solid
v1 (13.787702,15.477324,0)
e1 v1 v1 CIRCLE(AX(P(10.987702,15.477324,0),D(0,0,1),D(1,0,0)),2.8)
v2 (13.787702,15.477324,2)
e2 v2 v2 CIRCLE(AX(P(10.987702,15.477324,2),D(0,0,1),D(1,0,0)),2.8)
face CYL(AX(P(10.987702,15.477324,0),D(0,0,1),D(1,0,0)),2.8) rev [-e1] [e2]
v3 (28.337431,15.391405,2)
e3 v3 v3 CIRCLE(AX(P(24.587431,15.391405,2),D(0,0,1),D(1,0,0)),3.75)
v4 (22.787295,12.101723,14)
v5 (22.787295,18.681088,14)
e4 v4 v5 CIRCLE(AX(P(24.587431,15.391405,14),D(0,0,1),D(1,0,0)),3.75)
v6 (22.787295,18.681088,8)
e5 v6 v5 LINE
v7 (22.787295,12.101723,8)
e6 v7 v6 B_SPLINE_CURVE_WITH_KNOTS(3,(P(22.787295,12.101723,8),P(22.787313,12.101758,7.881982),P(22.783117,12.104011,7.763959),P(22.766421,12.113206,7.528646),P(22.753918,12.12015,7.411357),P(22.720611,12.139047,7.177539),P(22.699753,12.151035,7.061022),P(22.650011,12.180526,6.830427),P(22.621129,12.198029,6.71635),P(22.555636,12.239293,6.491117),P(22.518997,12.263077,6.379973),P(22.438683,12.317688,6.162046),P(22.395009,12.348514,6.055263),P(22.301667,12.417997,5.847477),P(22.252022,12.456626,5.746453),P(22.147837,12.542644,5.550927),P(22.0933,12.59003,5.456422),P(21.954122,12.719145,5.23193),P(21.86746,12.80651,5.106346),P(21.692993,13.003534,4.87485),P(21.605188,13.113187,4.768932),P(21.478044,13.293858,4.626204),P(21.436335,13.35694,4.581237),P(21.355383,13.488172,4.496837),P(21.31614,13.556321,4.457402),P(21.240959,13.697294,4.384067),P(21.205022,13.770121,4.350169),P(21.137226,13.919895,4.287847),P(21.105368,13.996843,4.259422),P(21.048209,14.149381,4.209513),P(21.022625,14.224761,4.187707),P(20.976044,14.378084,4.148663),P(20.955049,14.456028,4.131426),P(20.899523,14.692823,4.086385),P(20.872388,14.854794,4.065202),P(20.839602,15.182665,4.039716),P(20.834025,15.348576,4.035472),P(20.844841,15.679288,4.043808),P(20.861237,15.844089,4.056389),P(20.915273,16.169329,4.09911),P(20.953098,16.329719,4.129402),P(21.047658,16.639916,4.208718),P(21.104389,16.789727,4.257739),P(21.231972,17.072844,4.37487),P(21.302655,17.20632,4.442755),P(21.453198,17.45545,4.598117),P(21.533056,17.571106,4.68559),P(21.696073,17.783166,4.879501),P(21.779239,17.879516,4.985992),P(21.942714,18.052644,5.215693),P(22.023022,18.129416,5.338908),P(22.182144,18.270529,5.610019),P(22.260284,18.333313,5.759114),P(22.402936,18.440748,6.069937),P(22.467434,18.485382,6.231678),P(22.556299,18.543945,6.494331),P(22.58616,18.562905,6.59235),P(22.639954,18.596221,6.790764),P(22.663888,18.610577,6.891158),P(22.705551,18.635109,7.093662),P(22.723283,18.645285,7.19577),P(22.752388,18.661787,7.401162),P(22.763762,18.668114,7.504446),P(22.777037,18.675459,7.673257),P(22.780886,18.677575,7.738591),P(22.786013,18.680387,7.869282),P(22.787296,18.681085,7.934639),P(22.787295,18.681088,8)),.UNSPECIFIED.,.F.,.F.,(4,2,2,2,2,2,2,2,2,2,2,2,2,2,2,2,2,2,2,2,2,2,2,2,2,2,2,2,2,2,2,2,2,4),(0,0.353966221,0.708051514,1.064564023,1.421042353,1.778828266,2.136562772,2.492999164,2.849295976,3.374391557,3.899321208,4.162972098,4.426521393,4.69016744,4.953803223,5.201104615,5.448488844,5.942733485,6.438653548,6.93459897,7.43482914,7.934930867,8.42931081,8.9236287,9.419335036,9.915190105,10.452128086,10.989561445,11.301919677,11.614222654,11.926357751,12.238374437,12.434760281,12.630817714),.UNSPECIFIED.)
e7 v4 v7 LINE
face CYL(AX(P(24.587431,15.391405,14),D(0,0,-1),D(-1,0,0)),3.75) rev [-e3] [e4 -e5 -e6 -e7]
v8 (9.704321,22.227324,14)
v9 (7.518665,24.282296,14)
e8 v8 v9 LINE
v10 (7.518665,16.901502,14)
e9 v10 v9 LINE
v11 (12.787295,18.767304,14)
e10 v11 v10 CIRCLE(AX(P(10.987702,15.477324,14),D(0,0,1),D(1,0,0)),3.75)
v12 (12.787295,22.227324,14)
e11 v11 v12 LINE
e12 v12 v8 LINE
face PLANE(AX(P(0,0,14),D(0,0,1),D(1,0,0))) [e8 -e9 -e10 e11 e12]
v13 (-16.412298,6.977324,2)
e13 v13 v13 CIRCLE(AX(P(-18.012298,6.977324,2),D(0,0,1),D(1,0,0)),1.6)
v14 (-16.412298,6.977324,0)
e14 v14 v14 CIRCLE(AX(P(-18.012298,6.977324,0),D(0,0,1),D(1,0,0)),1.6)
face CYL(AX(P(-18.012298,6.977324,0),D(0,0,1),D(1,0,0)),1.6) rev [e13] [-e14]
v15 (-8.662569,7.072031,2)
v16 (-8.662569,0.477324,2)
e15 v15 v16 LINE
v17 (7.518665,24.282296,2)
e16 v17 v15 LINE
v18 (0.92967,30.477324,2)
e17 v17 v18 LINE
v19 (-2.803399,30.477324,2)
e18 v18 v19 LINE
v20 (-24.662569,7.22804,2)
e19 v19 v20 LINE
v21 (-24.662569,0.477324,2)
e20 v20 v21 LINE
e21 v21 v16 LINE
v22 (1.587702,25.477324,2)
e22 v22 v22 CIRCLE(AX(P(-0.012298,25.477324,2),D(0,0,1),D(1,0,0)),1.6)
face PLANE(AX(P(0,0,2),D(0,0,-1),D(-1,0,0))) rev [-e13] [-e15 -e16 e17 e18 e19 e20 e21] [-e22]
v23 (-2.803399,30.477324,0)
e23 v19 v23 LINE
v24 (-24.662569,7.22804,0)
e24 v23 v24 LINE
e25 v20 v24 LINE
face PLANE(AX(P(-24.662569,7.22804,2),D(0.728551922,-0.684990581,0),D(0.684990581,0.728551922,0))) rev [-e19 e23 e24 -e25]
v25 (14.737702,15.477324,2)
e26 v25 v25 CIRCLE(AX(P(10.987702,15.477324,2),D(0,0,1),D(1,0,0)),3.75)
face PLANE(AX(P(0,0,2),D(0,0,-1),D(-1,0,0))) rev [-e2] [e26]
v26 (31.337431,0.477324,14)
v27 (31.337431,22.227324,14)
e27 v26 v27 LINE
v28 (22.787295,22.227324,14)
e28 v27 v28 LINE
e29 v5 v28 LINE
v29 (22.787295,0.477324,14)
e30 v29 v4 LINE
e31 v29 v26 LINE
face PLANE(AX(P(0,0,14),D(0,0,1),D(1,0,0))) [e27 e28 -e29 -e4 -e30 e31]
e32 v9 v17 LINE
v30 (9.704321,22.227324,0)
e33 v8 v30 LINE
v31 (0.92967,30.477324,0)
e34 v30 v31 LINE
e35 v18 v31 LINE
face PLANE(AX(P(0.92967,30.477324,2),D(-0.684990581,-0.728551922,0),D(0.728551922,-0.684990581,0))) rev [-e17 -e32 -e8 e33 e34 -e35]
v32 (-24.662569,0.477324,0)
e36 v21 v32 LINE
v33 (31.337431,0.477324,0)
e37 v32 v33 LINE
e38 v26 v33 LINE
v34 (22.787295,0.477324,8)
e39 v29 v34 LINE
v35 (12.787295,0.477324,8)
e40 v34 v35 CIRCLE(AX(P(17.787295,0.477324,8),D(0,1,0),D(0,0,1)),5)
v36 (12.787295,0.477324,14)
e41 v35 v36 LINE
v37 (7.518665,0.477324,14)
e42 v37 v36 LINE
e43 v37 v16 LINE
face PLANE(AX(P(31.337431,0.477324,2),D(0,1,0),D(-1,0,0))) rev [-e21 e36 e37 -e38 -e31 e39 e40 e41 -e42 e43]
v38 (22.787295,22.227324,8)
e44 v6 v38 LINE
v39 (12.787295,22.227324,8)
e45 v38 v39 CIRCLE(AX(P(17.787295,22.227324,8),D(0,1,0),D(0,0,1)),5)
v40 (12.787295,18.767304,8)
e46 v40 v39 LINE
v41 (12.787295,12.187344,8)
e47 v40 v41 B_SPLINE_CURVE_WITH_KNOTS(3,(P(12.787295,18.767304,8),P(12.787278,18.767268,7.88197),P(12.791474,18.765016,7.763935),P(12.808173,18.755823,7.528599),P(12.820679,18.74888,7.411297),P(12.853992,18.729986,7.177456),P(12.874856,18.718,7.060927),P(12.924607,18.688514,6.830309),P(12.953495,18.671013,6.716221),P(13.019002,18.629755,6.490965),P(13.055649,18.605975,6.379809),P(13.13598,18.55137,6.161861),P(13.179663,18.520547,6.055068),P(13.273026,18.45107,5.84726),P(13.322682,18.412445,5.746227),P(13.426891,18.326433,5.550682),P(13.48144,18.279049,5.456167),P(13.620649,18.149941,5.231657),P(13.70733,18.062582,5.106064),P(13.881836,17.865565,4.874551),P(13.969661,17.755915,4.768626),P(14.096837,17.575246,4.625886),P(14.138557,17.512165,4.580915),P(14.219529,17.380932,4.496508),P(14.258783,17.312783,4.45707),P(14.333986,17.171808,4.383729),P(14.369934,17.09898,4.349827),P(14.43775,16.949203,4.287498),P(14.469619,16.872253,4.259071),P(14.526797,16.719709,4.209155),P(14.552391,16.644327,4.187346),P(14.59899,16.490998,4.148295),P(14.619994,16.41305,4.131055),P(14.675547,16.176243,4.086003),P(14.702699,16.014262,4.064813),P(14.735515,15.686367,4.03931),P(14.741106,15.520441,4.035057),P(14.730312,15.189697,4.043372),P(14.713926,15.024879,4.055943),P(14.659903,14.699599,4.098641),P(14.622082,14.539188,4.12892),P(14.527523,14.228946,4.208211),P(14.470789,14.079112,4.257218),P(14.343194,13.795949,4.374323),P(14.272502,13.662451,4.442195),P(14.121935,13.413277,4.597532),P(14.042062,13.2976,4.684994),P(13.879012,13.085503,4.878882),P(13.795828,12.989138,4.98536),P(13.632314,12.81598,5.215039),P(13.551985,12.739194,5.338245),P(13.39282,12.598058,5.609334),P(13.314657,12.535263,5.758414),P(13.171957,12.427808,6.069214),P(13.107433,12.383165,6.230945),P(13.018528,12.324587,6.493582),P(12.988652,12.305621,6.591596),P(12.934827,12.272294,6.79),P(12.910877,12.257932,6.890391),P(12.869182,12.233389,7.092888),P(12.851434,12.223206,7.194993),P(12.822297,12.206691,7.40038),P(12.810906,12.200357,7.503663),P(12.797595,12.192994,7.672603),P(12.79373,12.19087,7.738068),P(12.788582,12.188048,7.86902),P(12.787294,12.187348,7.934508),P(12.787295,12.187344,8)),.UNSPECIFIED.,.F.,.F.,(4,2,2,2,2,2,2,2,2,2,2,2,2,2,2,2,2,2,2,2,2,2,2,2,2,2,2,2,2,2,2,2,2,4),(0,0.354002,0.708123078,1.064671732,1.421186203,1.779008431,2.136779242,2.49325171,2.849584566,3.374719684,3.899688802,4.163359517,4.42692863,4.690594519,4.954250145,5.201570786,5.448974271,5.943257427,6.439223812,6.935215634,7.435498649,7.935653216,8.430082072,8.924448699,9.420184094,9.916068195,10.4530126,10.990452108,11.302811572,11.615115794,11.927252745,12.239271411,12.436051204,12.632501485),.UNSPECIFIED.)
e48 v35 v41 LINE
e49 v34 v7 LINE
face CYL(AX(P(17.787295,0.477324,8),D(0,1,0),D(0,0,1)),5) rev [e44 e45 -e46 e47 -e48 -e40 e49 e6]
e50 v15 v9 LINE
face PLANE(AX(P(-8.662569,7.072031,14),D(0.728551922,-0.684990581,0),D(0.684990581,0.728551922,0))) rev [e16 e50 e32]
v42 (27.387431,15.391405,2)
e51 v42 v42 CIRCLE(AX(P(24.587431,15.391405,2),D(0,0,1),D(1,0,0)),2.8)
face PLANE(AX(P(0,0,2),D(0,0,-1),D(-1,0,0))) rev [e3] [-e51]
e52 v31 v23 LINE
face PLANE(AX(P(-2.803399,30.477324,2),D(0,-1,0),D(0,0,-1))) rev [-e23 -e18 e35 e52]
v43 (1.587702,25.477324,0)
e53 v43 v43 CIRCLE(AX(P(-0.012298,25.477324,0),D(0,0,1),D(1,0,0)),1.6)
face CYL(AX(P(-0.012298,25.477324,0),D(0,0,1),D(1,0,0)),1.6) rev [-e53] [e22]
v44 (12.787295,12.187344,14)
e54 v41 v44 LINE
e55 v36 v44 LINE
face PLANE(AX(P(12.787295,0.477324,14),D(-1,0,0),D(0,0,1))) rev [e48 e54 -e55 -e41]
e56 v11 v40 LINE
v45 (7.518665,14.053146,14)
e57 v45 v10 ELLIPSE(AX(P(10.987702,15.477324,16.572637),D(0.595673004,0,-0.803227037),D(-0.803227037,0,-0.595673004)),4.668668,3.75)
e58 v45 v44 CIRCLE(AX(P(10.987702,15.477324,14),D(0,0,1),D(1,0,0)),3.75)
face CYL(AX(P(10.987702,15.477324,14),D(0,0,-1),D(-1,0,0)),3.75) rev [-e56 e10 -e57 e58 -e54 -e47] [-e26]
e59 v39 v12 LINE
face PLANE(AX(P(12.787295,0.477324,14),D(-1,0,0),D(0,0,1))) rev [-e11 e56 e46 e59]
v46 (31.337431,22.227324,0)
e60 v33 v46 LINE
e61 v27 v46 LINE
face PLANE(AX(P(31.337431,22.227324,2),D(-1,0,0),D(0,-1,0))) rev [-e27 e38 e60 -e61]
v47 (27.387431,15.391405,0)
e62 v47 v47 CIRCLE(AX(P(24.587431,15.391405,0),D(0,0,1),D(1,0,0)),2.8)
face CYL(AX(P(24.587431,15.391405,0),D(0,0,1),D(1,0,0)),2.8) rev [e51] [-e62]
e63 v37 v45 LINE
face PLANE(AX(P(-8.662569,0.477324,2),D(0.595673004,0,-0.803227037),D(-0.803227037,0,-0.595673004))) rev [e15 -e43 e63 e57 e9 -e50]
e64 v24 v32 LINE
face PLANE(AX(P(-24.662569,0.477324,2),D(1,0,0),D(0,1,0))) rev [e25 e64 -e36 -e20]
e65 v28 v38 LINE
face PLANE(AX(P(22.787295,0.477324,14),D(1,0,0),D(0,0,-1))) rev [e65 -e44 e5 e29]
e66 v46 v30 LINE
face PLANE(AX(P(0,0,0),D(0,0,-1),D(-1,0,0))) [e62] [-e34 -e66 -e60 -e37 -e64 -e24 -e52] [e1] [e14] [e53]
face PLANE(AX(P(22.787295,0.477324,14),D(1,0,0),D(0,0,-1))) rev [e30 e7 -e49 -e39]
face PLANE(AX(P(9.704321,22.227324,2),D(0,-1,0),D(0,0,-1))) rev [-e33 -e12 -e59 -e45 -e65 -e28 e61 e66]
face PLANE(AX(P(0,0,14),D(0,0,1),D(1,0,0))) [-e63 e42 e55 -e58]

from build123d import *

# Parameters (mm, degrees)
BOSS_EXTRUDE1_DEPTH     = 2
SKETCH3_R               = 1.6
SKETCH3_R_2             = 2.8
CUT_EXTRUDE1_DEPTH      = 2
SKETCH5_R               = 3.75
BOSS_EXTRUDE2_DEPTH     = 12
CUT_EXTRUDE2_DEPTH      = 41.633693803
CUT_EXTRUDE3_DEPTH      = 41.633693891
CUT_EXTRUDE3_DEPTH_BACK = 41.633693891


with BuildPart() as part:
    # Sketch2 → Boss-Extrude1 (new body)
    with BuildSketch(Plane.XY):
        Polygon((-24.662569153, 7.22803975), (-2.803398565, 30.477324023), (0.929669822, 30.477324023), (9.704320922, 22.227324023), (31.337430847, 22.227324023), (31.337430847, 0.477324023), (-24.662569153, 0.477324023), align=None)
    extrude(amount=BOSS_EXTRUDE1_DEPTH)

    # Sketch3 → Cut-Extrude1 (cut)
    with BuildSketch(Plane.XY.offset(2)):
        with Locations((-0.012297753, 25.477324023)):
            Circle(SKETCH3_R)
        with Locations((-18.012297753, 6.977324023)):
            Circle(SKETCH3_R)
        with Locations((10.987702247, 15.477324023)):
            Circle(SKETCH3_R_2)
        with Locations((24.587430847, 15.391405477)):
            Circle(SKETCH3_R_2)
    extrude(amount=-CUT_EXTRUDE1_DEPTH, mode=Mode.SUBTRACT)

    # Sketch5 → Boss-Extrude2 (add)
    with BuildSketch(Plane.XY.offset(2)):
        Polygon((-8.662569153, 7.072030866), (7.518665156, 24.282295767), (9.704320922, 22.227324023), (31.337430847, 22.227324023), (31.337430847, 3.477324023), (31.337430847, 0.477324023), (-8.662569153, 0.477324023), align=None)
        with Locations((10.987702247, 15.477324023)):
            Circle(SKETCH5_R, mode=Mode.SUBTRACT)
        with Locations((24.587430847, 15.391405477)):
            Circle(SKETCH5_R, mode=Mode.SUBTRACT)
    extrude(amount=BOSS_EXTRUDE2_DEPTH)

    # Sketch10 → Cut-Extrude2 (cut, through all)
    with BuildSketch(Plane(origin=(0, 22.227324023, 0), x_dir=(1, 0, 0), z_dir=(0, 1, 0))):
        with BuildLine():
            Line((12.787295144, -14), (12.787295144, -8))
            ThreePointArc((12.787295144, -8), (17.787295144, -3), (22.787295144, -8))
            Line((22.787295144, -8), (22.787295144, -14))
            ThreePointArc((22.787295144, -14), (17.787295144, -19), (12.787295144, -14))
        make_face()
    extrude(amount=-CUT_EXTRUDE2_DEPTH, mode=Mode.SUBTRACT)

    # Sketch11 → Cut-Extrude3 (cut, two sides: drawn at the far end of the back side and taken through both)
    with BuildSketch(Plane(origin=(0, 22.227324023, 0), x_dir=(1, 0, 0), z_dir=(0, 1, 0)).offset(-CUT_EXTRUDE3_DEPTH_BACK)):
        Polygon((-8.662569153, -2), (7.518665156, -14), (-8.662569153, -14), align=None)
    extrude(amount=CUT_EXTRUDE3_DEPTH + CUT_EXTRUDE3_DEPTH_BACK, mode=Mode.SUBTRACT)


solid = part.part
